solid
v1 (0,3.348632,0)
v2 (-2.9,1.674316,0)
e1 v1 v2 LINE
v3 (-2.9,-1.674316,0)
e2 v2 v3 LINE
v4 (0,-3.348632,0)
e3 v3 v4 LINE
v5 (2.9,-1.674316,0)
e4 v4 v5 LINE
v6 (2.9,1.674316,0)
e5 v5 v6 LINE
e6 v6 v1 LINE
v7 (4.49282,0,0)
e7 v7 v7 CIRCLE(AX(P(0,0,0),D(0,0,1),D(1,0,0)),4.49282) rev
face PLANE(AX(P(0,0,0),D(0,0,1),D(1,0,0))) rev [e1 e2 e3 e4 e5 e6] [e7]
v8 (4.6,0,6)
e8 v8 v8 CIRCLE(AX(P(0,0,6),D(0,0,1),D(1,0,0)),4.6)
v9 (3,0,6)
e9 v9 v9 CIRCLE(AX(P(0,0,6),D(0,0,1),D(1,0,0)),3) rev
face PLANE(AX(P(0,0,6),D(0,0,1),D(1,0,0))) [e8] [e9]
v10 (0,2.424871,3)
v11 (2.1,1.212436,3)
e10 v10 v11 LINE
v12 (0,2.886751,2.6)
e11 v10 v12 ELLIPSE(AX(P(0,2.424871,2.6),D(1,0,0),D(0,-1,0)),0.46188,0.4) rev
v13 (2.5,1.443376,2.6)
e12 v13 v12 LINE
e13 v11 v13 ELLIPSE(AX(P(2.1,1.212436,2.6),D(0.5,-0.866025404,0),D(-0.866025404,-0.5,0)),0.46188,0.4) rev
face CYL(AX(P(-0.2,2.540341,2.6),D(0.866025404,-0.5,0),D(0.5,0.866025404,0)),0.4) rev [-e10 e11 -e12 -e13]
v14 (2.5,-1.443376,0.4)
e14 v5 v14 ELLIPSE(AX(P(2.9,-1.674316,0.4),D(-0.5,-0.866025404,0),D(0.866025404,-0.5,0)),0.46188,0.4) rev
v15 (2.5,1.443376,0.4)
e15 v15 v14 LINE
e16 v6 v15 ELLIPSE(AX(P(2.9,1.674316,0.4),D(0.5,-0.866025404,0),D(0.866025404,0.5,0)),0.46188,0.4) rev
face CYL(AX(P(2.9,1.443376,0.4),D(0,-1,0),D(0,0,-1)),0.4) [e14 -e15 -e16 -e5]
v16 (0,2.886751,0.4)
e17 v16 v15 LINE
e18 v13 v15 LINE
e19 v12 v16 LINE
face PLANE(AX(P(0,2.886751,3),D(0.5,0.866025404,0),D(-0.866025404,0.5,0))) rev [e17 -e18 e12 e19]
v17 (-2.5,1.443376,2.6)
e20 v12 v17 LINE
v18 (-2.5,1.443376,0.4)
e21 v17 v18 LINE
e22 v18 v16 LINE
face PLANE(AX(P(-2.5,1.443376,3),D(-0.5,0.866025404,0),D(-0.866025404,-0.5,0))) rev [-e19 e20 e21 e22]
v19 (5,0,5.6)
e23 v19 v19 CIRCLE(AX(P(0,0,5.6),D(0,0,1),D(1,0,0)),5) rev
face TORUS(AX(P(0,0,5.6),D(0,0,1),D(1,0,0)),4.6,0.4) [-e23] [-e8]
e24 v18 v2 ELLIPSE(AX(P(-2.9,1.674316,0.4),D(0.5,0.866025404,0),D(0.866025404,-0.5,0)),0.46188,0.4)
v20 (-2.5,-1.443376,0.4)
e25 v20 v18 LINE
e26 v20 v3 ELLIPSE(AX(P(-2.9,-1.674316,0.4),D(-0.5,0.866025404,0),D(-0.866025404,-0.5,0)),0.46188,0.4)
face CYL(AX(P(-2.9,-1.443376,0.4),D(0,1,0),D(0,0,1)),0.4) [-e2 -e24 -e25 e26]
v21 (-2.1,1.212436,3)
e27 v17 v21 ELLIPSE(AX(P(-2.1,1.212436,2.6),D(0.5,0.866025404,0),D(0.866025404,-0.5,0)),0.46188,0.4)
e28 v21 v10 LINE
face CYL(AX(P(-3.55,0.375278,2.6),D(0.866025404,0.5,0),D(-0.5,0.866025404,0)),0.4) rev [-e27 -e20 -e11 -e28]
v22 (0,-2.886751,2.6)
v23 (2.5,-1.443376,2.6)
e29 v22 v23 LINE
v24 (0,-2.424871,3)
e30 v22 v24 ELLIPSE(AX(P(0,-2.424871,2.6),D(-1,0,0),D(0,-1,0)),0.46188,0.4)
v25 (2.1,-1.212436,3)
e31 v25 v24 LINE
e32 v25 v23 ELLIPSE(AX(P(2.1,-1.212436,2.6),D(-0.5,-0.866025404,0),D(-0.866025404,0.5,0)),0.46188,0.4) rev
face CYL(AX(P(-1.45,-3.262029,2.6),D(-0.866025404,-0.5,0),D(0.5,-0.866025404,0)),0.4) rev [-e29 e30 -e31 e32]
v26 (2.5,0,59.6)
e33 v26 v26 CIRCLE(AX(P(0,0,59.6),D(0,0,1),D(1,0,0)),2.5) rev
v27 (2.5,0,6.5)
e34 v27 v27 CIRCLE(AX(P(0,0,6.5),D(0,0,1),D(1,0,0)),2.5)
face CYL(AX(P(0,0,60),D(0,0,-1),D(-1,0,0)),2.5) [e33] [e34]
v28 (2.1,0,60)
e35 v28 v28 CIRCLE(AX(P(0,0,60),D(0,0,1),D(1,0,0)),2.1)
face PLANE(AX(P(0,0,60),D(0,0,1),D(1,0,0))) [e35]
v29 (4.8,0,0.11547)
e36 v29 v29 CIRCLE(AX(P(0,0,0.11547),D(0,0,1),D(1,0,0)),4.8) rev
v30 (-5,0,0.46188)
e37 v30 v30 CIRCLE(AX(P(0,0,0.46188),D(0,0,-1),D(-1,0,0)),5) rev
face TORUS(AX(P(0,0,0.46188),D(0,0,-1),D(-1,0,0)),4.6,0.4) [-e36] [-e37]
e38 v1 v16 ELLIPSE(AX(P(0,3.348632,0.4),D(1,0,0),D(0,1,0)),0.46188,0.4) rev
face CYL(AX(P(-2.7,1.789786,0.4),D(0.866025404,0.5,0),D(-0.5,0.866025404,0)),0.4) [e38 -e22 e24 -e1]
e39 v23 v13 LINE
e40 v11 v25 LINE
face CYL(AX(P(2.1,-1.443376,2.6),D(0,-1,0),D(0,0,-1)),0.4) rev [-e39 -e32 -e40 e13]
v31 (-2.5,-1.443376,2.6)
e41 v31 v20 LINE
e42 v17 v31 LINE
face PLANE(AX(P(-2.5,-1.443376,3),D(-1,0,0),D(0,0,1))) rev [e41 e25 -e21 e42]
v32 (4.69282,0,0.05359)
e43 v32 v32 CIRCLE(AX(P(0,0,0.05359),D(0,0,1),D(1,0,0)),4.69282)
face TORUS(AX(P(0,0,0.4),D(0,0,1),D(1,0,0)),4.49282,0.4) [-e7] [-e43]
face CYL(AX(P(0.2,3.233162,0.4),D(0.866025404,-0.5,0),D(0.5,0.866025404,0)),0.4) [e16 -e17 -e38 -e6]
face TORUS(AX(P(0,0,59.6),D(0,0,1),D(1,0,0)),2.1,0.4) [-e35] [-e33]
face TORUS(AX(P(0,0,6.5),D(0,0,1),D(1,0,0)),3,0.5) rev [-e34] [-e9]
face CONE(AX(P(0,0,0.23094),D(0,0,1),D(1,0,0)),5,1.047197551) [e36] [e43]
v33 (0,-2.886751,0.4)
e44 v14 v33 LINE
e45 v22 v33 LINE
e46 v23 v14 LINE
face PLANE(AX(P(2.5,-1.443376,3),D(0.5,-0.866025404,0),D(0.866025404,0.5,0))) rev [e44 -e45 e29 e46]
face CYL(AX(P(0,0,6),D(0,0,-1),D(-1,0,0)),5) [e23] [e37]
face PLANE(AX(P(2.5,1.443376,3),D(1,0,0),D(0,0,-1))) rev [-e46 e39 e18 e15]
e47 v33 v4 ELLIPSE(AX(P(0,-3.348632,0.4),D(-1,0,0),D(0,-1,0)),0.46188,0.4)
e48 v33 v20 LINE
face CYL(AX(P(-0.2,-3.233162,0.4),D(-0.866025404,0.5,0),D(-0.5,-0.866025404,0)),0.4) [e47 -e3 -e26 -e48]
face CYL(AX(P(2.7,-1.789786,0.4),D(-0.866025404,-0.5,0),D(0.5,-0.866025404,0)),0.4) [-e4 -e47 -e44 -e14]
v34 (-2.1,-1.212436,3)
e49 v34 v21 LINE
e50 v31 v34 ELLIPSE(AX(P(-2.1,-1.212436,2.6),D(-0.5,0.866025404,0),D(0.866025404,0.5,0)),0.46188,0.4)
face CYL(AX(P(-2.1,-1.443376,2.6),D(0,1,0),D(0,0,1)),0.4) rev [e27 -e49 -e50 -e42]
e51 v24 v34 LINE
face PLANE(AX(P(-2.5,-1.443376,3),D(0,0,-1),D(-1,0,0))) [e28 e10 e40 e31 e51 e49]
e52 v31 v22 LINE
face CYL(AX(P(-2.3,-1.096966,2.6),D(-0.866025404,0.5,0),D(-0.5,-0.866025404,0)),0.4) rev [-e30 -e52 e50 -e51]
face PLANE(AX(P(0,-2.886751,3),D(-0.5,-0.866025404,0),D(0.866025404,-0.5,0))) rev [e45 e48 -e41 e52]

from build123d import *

# Parameters (mm, degrees)
SKETCH_1_R            = 5
EXTRUDE_490_DEPTH     = 6
SKETCH_2_R            = 2.5
EXTRUDE_581_DEPTH     = 54
CUT_EXTRUDE_774_DEPTH = 3
CHAMFER_830_SIZE2     = 0.4
CHAMFER_830_SIZE      = 0.230940108
FILLET_881_R          = 0.5
FILLET_2_R            = 0.4


with BuildPart() as part:
    # 草圖1 → Extrude 490 (new body)
    with BuildSketch(Plane.XY):
        Circle(SKETCH_1_R)
    extrude(amount=EXTRUDE_490_DEPTH)

    # 草圖2 → Extrude 581 (add)
    with BuildSketch(Plane.XY.offset(6)):
        Circle(SKETCH_2_R)
    extrude(amount=EXTRUDE_581_DEPTH)

    # 草圖3 → Cut-Extrude 774 (cut)
    with BuildSketch(Plane(origin=(0, 0, 0), x_dir=(-1, 0, 0), z_dir=(0, 0, -1))):
        Polygon((2.5, -1.443375673), (2.5, 1.443375673), (0, 2.886751346), (-2.5, 1.443375673), (-2.5, -1.443375673), (0, -2.886751346), align=None)
    extrude(amount=-CUT_EXTRUDE_774_DEPTH, mode=Mode.SUBTRACT)

    # Chamfer 830
    chamfer_830_edges = [part.edges().sort_by_distance(p)[0] for p in [
        (-5, 0, 0),
    ]]
    chamfer(chamfer_830_edges, length=CHAMFER_830_SIZE, length2=CHAMFER_830_SIZE2)

    # Fillet 881
    fillet_881_edges = [part.edges().sort_by_distance(p)[0] for p in [
        (-2.5, 0, 6),
    ]]
    fillet(fillet_881_edges, radius=FILLET_881_R)

    # 圓角2
    fillet_2_edges = [part.edges().sort_by_distance(p)[0] for p in [
        (-1.25, -2.165063509, 3),
        (1.25, -2.165063509, 3),
        (2.5, 0, 3),
        (1.25, 2.165063509, 3),
        (-1.25, 2.165063509, 3),
        (-2.5, 0, 3),
        (-1.25, -2.165063509, 0),
        (-2.5, 0, 0),
        (-1.25, 2.165063509, 0),
        (1.25, 2.165063509, 0),
        (2.5, 0, 0),
        (1.25, -2.165063509, 0),
        (-5, 0, 0.230940108),
        (-4.6, 0, 0),
        (-5, 0, 6),
        (-2.5, 0, 60),
    ]]
    fillet(fillet_2_edges, radius=FILLET_2_R)


solid = part.part
